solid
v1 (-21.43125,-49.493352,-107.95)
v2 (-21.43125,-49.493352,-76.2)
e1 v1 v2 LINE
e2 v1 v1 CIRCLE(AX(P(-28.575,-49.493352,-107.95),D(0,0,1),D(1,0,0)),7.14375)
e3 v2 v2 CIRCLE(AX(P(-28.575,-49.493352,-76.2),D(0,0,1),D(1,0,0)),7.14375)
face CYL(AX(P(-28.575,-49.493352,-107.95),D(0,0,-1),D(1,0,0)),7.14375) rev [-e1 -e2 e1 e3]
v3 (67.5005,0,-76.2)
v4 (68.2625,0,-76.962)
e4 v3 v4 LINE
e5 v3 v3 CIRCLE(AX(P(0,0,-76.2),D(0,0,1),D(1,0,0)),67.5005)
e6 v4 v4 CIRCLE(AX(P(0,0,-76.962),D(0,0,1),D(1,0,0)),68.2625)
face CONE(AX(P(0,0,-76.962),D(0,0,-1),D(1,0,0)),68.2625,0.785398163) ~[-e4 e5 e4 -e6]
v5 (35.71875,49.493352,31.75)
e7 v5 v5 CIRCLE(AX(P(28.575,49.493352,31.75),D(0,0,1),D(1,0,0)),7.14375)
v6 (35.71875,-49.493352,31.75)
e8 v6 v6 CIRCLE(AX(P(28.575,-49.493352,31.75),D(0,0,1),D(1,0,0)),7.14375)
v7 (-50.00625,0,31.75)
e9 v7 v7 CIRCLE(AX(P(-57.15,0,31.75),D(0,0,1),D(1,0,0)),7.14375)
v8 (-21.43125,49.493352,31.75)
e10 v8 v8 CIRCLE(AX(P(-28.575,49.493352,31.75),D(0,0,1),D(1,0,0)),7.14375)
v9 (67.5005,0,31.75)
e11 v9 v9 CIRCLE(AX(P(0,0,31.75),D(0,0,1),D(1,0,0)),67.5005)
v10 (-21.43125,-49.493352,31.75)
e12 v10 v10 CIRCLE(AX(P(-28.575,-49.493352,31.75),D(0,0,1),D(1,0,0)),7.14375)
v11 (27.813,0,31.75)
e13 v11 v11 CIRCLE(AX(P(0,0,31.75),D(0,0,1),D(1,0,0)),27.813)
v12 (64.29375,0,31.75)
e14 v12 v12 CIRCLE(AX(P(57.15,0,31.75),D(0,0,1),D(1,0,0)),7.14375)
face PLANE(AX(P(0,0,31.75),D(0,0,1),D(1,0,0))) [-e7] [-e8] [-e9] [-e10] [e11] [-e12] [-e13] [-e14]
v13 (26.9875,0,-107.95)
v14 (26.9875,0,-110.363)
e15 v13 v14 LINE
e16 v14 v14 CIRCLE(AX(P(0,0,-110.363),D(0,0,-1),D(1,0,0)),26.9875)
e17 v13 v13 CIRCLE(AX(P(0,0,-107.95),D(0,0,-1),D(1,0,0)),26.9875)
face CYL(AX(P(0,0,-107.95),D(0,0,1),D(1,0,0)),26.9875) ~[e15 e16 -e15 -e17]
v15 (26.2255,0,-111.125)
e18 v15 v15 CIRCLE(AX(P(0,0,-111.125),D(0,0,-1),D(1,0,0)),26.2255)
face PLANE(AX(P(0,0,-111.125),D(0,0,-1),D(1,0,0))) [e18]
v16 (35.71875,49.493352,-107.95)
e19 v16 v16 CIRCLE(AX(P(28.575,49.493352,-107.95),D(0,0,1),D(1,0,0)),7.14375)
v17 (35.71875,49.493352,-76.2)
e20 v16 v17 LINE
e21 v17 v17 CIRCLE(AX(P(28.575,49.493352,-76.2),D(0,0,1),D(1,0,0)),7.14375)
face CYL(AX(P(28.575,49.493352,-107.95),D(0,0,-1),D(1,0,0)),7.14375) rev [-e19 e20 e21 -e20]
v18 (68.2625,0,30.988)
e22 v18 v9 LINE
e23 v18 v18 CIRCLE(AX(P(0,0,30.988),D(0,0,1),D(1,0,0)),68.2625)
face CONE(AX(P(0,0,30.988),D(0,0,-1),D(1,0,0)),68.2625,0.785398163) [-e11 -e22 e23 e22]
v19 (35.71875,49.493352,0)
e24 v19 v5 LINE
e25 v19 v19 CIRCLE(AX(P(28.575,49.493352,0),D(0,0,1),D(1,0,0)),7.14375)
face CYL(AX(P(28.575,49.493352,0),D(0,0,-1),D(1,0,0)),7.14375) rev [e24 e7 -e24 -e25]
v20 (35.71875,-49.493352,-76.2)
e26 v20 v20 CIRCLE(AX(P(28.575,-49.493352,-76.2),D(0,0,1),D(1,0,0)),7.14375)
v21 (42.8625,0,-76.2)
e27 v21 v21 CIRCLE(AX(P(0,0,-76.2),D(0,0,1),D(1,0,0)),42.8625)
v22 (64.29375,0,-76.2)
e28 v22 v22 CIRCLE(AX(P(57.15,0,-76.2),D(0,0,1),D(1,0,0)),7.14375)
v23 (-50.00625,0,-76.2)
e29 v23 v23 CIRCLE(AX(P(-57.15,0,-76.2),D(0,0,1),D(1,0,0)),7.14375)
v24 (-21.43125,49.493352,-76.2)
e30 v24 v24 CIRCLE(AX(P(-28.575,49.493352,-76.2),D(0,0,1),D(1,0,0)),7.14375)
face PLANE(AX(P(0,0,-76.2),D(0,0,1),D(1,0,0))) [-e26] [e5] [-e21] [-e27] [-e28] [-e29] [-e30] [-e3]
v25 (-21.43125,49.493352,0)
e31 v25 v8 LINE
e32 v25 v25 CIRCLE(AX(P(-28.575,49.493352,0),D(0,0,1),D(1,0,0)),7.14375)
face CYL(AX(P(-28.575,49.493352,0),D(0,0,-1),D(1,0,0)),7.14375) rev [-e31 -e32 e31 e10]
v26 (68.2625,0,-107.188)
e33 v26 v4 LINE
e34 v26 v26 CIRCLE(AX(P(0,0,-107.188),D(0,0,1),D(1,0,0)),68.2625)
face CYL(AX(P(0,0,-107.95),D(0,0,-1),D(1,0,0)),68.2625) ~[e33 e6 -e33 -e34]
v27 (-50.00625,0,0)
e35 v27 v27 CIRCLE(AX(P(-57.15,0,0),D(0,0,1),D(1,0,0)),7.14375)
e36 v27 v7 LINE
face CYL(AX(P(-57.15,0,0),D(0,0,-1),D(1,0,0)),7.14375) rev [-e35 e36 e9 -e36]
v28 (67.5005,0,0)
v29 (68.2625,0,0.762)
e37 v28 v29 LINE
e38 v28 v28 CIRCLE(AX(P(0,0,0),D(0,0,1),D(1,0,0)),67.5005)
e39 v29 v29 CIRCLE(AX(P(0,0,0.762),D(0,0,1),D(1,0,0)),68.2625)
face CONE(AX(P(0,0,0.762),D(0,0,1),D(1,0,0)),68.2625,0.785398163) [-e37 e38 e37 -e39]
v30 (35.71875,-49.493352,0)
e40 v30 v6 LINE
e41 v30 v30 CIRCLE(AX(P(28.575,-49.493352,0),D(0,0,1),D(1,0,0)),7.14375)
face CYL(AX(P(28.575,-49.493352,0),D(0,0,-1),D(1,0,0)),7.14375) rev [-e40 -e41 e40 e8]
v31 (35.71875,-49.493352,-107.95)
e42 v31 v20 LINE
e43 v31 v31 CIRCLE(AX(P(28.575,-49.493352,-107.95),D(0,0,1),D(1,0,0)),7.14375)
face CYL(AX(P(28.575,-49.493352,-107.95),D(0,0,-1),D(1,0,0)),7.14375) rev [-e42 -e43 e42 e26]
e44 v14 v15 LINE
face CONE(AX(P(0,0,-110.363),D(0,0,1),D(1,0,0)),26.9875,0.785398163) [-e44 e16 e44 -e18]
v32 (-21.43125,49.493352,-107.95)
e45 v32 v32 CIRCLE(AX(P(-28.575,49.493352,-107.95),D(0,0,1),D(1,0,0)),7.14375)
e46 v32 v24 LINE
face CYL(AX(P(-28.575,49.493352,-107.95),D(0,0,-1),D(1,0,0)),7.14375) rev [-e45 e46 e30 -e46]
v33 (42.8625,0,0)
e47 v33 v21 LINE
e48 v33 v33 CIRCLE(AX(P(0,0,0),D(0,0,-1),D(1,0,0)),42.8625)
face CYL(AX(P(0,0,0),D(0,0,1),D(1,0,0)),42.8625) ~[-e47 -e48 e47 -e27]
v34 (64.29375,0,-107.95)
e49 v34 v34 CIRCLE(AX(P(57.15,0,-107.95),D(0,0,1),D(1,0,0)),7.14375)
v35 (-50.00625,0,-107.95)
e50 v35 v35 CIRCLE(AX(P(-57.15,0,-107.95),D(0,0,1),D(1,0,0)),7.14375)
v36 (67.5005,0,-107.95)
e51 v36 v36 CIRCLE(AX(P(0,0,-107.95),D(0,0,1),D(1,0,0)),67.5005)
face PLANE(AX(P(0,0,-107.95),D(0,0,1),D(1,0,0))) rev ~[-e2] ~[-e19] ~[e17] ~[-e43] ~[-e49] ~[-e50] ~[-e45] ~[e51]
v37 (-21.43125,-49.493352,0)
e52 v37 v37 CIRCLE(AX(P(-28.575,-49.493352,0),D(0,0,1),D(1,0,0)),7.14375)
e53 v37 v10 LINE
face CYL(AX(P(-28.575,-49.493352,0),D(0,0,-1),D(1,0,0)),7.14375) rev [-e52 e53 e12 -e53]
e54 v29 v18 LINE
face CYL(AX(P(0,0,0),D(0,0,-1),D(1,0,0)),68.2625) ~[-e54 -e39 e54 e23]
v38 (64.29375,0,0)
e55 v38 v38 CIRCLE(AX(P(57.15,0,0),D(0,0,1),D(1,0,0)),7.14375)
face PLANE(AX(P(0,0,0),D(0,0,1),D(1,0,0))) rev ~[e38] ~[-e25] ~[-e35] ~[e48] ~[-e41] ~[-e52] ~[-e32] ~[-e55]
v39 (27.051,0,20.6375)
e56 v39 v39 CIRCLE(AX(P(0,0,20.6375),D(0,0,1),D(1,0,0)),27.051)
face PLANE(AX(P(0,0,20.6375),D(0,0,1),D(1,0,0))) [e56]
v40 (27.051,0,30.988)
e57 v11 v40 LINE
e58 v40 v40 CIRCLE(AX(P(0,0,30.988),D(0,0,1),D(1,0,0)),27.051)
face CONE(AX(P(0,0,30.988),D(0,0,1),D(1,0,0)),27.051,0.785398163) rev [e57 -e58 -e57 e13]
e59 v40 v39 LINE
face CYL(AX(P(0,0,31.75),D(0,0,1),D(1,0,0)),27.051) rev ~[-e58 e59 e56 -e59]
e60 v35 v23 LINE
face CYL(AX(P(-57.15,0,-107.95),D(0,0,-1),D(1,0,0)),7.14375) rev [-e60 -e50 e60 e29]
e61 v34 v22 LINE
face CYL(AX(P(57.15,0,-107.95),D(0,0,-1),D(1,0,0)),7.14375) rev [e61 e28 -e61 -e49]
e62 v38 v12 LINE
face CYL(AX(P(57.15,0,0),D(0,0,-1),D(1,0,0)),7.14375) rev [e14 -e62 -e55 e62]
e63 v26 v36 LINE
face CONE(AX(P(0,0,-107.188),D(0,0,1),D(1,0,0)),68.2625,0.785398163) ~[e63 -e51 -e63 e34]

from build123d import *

# Parameters (mm, degrees)
F0_R      = 68.2625
F0_R_2    = 7.14375
F1_DEPTH  = 31.75
F3_R      = 68.2625
F3_R_2    = 7.14375
F4_DEPTH  = 31.75
F5_R      = 42.8625
F6_DEPTH  = 81.28
F7_R      = 27.051
F8_DEPTH  = 11.1125
F9_R      = 26.9875
F10_DEPTH = 3.175
F11_SIZE  = 0.762


with BuildPart() as f1:
    # F0 (on Top) → F1 (new body)
    with BuildSketch(Plane.XY):
        Circle(F0_R)
        with Locations((-28.575, -49.493352)):
            Circle(F0_R_2, mode=Mode.SUBTRACT)
        with Locations((28.575, -49.493352)):
            Circle(F0_R_2, mode=Mode.SUBTRACT)
        with Locations((-57.15, 0)):
            Circle(F0_R_2, mode=Mode.SUBTRACT)
        with Locations((-28.575, 49.493352)):
            Circle(F0_R_2, mode=Mode.SUBTRACT)
        with Locations((57.15, 0)):
            Circle(F0_R_2, mode=Mode.SUBTRACT)
        with Locations((28.575, 49.493352)):
            Circle(F0_R_2, mode=Mode.SUBTRACT)
    extrude(amount=F1_DEPTH)



with BuildPart() as f4:
    # F3 (on offset) → F4 (new body)
    with BuildSketch(Plane.XY.offset(-107.95)):
        Circle(F3_R)
        with Locations((-28.575, -49.493352)):
            Circle(F3_R_2, mode=Mode.SUBTRACT)
        with Locations((28.575, -49.493352)):
            Circle(F3_R_2, mode=Mode.SUBTRACT)
        with Locations((-57.15, 0)):
            Circle(F3_R_2, mode=Mode.SUBTRACT)
        with Locations((-28.575, 49.493352)):
            Circle(F3_R_2, mode=Mode.SUBTRACT)
        with Locations((57.15, 0)):
            Circle(F3_R_2, mode=Mode.SUBTRACT)
        with Locations((28.575, 49.493352)):
            Circle(F3_R_2, mode=Mode.SUBTRACT)
    extrude(amount=F4_DEPTH)


with BuildPart() as f1_1:
    add(f1.part)

    add(f4.part)  # F6 merges F4
    # F5 (on face) → F6 (join)
    with BuildSketch(Plane(origin=(0, 0, 0), x_dir=(1, 0, 0), z_dir=(0, 0, -1))):
        Circle(F5_R)
    extrude(amount=F6_DEPTH)

    # F7 (on face) → F8 (cut)
    with BuildSketch(Plane.XY.offset(31.75)):
        Circle(F7_R)
    extrude(amount=-F8_DEPTH, mode=Mode.SUBTRACT)

    # F9 (on face) → F10 (join)
    with BuildSketch(Plane(origin=(0, 0, -107.95), x_dir=(1, 0, 0), z_dir=(0, 0, -1))):
        Circle(F9_R)
    extrude(amount=F10_DEPTH)

    # F11
    f11_edges = [f1_1.edges().sort_by_distance(p)[0] for p in [
        (-68.2625, 0, 31.75),
        (-27.051, 0, 31.75),
        (-68.2625, 0, 0),
        (-68.2625, 0, -76.2),
        (-68.2625, 0, -107.95),
        (-26.9875, 0, -111.125),
    ]]
    chamfer(f11_edges, length=F11_SIZE)


solid = f1_1.part
